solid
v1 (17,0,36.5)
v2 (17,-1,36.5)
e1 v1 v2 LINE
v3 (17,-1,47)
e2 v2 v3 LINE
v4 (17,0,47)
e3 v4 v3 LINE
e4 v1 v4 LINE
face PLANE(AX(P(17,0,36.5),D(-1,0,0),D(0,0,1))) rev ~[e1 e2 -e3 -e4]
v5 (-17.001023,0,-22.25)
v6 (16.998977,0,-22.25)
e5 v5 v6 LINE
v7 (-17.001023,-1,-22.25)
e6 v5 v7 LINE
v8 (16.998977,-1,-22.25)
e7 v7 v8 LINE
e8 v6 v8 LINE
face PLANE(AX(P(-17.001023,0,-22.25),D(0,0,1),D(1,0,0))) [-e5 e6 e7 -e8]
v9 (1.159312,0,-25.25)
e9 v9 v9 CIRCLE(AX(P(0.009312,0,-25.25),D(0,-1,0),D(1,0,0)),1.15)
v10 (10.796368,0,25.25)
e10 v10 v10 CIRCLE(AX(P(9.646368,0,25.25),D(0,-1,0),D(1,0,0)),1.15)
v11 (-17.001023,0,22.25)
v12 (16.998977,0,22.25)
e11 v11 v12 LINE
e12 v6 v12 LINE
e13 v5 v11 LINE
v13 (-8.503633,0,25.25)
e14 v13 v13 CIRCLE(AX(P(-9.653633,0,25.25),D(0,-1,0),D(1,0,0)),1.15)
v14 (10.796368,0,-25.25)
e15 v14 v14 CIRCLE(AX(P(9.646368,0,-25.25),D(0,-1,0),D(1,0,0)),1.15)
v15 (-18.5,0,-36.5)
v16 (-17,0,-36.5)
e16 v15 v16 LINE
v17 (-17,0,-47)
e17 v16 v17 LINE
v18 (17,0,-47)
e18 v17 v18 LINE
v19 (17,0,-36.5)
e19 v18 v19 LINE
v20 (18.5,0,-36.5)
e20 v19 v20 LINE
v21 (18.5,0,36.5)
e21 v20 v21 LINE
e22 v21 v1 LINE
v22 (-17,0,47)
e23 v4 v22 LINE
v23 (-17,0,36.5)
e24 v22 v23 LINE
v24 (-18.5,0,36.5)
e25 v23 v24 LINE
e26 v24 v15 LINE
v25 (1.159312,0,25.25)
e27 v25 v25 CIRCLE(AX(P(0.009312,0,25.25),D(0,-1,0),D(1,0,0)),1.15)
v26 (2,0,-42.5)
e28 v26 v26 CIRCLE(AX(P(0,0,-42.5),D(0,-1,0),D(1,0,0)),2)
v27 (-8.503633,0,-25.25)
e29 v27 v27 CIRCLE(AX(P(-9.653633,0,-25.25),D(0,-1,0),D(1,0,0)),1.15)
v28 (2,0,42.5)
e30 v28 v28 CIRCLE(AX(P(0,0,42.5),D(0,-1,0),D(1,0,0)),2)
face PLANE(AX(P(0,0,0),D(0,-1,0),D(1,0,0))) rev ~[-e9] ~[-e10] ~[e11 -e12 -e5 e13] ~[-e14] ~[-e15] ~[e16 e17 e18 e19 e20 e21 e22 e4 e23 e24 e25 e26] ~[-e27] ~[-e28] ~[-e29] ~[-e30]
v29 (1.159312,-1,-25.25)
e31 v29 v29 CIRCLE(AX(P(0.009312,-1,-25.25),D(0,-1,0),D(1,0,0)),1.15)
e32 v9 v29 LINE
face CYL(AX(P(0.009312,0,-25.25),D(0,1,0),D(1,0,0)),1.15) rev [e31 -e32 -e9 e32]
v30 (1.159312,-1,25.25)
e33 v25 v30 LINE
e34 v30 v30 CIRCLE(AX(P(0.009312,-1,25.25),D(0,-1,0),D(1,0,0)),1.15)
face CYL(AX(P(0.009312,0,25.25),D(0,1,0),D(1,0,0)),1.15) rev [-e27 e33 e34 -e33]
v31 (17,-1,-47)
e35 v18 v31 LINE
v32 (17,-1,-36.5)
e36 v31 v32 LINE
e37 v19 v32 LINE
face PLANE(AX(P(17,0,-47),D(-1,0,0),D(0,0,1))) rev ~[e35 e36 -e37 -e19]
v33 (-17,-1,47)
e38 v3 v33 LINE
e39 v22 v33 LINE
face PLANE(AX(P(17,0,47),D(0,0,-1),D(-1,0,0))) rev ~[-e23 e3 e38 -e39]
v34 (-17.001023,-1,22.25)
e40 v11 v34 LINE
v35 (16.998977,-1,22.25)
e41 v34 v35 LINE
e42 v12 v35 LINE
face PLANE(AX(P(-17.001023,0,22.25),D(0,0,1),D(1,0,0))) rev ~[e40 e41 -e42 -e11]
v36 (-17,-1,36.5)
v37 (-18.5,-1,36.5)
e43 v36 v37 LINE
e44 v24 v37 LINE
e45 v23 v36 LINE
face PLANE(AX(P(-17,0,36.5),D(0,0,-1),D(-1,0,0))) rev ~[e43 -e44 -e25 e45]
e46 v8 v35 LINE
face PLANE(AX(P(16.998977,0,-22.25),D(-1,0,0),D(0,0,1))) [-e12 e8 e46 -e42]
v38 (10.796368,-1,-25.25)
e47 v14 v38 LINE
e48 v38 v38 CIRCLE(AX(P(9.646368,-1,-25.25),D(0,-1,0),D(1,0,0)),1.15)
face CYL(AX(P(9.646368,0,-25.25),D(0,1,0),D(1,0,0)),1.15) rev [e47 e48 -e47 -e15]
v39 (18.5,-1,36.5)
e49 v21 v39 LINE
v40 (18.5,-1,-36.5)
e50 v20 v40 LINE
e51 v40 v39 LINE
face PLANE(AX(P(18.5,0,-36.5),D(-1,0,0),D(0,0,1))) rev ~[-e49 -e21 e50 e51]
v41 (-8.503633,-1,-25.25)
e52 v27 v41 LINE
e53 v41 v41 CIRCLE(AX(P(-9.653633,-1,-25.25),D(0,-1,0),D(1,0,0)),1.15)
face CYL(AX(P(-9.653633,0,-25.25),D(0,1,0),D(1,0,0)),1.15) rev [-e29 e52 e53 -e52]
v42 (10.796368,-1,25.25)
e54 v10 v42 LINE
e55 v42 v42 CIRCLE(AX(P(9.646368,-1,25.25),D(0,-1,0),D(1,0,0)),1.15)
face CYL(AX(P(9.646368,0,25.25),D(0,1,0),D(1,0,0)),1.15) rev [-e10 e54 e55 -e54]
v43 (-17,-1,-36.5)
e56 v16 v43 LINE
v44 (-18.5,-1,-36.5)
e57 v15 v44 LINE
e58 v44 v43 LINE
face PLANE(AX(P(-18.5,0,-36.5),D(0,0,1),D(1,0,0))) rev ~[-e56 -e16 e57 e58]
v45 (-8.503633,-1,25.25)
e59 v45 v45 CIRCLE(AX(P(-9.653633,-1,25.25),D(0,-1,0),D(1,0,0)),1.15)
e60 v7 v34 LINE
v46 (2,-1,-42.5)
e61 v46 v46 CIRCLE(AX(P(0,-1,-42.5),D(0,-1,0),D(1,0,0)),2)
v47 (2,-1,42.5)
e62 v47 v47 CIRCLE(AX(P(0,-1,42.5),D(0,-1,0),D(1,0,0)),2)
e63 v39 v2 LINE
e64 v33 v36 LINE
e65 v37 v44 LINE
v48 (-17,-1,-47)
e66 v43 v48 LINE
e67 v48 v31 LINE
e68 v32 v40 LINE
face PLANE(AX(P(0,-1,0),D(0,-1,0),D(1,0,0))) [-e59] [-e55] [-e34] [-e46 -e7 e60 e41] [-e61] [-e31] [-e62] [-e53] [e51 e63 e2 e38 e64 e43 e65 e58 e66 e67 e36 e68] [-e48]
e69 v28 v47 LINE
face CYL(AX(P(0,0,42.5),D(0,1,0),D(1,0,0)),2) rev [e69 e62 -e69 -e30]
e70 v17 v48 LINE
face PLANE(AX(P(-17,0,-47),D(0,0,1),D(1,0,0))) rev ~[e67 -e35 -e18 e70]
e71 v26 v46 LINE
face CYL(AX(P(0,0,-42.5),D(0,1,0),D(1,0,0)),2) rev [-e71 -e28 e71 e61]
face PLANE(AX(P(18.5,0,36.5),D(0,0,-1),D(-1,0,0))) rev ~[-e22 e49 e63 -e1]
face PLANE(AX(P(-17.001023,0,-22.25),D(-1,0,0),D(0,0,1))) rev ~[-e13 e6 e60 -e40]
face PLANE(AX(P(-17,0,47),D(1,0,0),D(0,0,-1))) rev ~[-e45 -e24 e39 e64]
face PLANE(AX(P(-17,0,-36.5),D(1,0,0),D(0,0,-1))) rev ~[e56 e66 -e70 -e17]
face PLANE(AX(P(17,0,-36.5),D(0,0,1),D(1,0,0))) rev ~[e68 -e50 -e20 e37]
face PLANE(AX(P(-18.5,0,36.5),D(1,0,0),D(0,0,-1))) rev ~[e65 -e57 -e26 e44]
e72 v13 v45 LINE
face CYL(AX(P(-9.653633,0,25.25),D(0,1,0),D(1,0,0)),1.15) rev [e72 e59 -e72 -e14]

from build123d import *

# Parameters (mm, degrees)
F0_R     = 1.15
F0_R_2   = 2
F0_W     = 34
F0_H     = 44.5
F1_DEPTH = 1


with BuildPart() as f1:
    # F0 (on Front) → F1 (new body)
    with BuildSketch(Plane.XZ):
        Polygon((17, 47), (-17, 47), (-17, 36.5), (-18.5, 36.5), (-18.5, -36.5), (-17, -36.5), (-17, -47), (17, -47), (17, -36.5), (18.5, -36.5), (18.5, 36.5), (17, 36.5), align=None)
        with Locations((-9.653633, -25.25)):
            Circle(F0_R, mode=Mode.SUBTRACT)
        with Locations((0, -42.5)):
            Circle(F0_R_2, mode=Mode.SUBTRACT)
        with Locations((0.009312, -25.25)):
            Circle(F0_R, mode=Mode.SUBTRACT)
        with Locations((9.646368, -25.25)):
            Circle(F0_R, mode=Mode.SUBTRACT)
        with Locations((-0.001023, 0)):
            Rectangle(F0_W, F0_H, mode=Mode.SUBTRACT)
        with Locations((-9.653633, 25.25)):
            Circle(F0_R, mode=Mode.SUBTRACT)
        with Locations((0.009312, 25.25)):
            Circle(F0_R, mode=Mode.SUBTRACT)
        with Locations((0, 42.5)):
            Circle(F0_R_2, mode=Mode.SUBTRACT)
        with Locations((9.646368, 25.25)):
            Circle(F0_R, mode=Mode.SUBTRACT)
    extrude(amount=F1_DEPTH)


solid = f1.part
